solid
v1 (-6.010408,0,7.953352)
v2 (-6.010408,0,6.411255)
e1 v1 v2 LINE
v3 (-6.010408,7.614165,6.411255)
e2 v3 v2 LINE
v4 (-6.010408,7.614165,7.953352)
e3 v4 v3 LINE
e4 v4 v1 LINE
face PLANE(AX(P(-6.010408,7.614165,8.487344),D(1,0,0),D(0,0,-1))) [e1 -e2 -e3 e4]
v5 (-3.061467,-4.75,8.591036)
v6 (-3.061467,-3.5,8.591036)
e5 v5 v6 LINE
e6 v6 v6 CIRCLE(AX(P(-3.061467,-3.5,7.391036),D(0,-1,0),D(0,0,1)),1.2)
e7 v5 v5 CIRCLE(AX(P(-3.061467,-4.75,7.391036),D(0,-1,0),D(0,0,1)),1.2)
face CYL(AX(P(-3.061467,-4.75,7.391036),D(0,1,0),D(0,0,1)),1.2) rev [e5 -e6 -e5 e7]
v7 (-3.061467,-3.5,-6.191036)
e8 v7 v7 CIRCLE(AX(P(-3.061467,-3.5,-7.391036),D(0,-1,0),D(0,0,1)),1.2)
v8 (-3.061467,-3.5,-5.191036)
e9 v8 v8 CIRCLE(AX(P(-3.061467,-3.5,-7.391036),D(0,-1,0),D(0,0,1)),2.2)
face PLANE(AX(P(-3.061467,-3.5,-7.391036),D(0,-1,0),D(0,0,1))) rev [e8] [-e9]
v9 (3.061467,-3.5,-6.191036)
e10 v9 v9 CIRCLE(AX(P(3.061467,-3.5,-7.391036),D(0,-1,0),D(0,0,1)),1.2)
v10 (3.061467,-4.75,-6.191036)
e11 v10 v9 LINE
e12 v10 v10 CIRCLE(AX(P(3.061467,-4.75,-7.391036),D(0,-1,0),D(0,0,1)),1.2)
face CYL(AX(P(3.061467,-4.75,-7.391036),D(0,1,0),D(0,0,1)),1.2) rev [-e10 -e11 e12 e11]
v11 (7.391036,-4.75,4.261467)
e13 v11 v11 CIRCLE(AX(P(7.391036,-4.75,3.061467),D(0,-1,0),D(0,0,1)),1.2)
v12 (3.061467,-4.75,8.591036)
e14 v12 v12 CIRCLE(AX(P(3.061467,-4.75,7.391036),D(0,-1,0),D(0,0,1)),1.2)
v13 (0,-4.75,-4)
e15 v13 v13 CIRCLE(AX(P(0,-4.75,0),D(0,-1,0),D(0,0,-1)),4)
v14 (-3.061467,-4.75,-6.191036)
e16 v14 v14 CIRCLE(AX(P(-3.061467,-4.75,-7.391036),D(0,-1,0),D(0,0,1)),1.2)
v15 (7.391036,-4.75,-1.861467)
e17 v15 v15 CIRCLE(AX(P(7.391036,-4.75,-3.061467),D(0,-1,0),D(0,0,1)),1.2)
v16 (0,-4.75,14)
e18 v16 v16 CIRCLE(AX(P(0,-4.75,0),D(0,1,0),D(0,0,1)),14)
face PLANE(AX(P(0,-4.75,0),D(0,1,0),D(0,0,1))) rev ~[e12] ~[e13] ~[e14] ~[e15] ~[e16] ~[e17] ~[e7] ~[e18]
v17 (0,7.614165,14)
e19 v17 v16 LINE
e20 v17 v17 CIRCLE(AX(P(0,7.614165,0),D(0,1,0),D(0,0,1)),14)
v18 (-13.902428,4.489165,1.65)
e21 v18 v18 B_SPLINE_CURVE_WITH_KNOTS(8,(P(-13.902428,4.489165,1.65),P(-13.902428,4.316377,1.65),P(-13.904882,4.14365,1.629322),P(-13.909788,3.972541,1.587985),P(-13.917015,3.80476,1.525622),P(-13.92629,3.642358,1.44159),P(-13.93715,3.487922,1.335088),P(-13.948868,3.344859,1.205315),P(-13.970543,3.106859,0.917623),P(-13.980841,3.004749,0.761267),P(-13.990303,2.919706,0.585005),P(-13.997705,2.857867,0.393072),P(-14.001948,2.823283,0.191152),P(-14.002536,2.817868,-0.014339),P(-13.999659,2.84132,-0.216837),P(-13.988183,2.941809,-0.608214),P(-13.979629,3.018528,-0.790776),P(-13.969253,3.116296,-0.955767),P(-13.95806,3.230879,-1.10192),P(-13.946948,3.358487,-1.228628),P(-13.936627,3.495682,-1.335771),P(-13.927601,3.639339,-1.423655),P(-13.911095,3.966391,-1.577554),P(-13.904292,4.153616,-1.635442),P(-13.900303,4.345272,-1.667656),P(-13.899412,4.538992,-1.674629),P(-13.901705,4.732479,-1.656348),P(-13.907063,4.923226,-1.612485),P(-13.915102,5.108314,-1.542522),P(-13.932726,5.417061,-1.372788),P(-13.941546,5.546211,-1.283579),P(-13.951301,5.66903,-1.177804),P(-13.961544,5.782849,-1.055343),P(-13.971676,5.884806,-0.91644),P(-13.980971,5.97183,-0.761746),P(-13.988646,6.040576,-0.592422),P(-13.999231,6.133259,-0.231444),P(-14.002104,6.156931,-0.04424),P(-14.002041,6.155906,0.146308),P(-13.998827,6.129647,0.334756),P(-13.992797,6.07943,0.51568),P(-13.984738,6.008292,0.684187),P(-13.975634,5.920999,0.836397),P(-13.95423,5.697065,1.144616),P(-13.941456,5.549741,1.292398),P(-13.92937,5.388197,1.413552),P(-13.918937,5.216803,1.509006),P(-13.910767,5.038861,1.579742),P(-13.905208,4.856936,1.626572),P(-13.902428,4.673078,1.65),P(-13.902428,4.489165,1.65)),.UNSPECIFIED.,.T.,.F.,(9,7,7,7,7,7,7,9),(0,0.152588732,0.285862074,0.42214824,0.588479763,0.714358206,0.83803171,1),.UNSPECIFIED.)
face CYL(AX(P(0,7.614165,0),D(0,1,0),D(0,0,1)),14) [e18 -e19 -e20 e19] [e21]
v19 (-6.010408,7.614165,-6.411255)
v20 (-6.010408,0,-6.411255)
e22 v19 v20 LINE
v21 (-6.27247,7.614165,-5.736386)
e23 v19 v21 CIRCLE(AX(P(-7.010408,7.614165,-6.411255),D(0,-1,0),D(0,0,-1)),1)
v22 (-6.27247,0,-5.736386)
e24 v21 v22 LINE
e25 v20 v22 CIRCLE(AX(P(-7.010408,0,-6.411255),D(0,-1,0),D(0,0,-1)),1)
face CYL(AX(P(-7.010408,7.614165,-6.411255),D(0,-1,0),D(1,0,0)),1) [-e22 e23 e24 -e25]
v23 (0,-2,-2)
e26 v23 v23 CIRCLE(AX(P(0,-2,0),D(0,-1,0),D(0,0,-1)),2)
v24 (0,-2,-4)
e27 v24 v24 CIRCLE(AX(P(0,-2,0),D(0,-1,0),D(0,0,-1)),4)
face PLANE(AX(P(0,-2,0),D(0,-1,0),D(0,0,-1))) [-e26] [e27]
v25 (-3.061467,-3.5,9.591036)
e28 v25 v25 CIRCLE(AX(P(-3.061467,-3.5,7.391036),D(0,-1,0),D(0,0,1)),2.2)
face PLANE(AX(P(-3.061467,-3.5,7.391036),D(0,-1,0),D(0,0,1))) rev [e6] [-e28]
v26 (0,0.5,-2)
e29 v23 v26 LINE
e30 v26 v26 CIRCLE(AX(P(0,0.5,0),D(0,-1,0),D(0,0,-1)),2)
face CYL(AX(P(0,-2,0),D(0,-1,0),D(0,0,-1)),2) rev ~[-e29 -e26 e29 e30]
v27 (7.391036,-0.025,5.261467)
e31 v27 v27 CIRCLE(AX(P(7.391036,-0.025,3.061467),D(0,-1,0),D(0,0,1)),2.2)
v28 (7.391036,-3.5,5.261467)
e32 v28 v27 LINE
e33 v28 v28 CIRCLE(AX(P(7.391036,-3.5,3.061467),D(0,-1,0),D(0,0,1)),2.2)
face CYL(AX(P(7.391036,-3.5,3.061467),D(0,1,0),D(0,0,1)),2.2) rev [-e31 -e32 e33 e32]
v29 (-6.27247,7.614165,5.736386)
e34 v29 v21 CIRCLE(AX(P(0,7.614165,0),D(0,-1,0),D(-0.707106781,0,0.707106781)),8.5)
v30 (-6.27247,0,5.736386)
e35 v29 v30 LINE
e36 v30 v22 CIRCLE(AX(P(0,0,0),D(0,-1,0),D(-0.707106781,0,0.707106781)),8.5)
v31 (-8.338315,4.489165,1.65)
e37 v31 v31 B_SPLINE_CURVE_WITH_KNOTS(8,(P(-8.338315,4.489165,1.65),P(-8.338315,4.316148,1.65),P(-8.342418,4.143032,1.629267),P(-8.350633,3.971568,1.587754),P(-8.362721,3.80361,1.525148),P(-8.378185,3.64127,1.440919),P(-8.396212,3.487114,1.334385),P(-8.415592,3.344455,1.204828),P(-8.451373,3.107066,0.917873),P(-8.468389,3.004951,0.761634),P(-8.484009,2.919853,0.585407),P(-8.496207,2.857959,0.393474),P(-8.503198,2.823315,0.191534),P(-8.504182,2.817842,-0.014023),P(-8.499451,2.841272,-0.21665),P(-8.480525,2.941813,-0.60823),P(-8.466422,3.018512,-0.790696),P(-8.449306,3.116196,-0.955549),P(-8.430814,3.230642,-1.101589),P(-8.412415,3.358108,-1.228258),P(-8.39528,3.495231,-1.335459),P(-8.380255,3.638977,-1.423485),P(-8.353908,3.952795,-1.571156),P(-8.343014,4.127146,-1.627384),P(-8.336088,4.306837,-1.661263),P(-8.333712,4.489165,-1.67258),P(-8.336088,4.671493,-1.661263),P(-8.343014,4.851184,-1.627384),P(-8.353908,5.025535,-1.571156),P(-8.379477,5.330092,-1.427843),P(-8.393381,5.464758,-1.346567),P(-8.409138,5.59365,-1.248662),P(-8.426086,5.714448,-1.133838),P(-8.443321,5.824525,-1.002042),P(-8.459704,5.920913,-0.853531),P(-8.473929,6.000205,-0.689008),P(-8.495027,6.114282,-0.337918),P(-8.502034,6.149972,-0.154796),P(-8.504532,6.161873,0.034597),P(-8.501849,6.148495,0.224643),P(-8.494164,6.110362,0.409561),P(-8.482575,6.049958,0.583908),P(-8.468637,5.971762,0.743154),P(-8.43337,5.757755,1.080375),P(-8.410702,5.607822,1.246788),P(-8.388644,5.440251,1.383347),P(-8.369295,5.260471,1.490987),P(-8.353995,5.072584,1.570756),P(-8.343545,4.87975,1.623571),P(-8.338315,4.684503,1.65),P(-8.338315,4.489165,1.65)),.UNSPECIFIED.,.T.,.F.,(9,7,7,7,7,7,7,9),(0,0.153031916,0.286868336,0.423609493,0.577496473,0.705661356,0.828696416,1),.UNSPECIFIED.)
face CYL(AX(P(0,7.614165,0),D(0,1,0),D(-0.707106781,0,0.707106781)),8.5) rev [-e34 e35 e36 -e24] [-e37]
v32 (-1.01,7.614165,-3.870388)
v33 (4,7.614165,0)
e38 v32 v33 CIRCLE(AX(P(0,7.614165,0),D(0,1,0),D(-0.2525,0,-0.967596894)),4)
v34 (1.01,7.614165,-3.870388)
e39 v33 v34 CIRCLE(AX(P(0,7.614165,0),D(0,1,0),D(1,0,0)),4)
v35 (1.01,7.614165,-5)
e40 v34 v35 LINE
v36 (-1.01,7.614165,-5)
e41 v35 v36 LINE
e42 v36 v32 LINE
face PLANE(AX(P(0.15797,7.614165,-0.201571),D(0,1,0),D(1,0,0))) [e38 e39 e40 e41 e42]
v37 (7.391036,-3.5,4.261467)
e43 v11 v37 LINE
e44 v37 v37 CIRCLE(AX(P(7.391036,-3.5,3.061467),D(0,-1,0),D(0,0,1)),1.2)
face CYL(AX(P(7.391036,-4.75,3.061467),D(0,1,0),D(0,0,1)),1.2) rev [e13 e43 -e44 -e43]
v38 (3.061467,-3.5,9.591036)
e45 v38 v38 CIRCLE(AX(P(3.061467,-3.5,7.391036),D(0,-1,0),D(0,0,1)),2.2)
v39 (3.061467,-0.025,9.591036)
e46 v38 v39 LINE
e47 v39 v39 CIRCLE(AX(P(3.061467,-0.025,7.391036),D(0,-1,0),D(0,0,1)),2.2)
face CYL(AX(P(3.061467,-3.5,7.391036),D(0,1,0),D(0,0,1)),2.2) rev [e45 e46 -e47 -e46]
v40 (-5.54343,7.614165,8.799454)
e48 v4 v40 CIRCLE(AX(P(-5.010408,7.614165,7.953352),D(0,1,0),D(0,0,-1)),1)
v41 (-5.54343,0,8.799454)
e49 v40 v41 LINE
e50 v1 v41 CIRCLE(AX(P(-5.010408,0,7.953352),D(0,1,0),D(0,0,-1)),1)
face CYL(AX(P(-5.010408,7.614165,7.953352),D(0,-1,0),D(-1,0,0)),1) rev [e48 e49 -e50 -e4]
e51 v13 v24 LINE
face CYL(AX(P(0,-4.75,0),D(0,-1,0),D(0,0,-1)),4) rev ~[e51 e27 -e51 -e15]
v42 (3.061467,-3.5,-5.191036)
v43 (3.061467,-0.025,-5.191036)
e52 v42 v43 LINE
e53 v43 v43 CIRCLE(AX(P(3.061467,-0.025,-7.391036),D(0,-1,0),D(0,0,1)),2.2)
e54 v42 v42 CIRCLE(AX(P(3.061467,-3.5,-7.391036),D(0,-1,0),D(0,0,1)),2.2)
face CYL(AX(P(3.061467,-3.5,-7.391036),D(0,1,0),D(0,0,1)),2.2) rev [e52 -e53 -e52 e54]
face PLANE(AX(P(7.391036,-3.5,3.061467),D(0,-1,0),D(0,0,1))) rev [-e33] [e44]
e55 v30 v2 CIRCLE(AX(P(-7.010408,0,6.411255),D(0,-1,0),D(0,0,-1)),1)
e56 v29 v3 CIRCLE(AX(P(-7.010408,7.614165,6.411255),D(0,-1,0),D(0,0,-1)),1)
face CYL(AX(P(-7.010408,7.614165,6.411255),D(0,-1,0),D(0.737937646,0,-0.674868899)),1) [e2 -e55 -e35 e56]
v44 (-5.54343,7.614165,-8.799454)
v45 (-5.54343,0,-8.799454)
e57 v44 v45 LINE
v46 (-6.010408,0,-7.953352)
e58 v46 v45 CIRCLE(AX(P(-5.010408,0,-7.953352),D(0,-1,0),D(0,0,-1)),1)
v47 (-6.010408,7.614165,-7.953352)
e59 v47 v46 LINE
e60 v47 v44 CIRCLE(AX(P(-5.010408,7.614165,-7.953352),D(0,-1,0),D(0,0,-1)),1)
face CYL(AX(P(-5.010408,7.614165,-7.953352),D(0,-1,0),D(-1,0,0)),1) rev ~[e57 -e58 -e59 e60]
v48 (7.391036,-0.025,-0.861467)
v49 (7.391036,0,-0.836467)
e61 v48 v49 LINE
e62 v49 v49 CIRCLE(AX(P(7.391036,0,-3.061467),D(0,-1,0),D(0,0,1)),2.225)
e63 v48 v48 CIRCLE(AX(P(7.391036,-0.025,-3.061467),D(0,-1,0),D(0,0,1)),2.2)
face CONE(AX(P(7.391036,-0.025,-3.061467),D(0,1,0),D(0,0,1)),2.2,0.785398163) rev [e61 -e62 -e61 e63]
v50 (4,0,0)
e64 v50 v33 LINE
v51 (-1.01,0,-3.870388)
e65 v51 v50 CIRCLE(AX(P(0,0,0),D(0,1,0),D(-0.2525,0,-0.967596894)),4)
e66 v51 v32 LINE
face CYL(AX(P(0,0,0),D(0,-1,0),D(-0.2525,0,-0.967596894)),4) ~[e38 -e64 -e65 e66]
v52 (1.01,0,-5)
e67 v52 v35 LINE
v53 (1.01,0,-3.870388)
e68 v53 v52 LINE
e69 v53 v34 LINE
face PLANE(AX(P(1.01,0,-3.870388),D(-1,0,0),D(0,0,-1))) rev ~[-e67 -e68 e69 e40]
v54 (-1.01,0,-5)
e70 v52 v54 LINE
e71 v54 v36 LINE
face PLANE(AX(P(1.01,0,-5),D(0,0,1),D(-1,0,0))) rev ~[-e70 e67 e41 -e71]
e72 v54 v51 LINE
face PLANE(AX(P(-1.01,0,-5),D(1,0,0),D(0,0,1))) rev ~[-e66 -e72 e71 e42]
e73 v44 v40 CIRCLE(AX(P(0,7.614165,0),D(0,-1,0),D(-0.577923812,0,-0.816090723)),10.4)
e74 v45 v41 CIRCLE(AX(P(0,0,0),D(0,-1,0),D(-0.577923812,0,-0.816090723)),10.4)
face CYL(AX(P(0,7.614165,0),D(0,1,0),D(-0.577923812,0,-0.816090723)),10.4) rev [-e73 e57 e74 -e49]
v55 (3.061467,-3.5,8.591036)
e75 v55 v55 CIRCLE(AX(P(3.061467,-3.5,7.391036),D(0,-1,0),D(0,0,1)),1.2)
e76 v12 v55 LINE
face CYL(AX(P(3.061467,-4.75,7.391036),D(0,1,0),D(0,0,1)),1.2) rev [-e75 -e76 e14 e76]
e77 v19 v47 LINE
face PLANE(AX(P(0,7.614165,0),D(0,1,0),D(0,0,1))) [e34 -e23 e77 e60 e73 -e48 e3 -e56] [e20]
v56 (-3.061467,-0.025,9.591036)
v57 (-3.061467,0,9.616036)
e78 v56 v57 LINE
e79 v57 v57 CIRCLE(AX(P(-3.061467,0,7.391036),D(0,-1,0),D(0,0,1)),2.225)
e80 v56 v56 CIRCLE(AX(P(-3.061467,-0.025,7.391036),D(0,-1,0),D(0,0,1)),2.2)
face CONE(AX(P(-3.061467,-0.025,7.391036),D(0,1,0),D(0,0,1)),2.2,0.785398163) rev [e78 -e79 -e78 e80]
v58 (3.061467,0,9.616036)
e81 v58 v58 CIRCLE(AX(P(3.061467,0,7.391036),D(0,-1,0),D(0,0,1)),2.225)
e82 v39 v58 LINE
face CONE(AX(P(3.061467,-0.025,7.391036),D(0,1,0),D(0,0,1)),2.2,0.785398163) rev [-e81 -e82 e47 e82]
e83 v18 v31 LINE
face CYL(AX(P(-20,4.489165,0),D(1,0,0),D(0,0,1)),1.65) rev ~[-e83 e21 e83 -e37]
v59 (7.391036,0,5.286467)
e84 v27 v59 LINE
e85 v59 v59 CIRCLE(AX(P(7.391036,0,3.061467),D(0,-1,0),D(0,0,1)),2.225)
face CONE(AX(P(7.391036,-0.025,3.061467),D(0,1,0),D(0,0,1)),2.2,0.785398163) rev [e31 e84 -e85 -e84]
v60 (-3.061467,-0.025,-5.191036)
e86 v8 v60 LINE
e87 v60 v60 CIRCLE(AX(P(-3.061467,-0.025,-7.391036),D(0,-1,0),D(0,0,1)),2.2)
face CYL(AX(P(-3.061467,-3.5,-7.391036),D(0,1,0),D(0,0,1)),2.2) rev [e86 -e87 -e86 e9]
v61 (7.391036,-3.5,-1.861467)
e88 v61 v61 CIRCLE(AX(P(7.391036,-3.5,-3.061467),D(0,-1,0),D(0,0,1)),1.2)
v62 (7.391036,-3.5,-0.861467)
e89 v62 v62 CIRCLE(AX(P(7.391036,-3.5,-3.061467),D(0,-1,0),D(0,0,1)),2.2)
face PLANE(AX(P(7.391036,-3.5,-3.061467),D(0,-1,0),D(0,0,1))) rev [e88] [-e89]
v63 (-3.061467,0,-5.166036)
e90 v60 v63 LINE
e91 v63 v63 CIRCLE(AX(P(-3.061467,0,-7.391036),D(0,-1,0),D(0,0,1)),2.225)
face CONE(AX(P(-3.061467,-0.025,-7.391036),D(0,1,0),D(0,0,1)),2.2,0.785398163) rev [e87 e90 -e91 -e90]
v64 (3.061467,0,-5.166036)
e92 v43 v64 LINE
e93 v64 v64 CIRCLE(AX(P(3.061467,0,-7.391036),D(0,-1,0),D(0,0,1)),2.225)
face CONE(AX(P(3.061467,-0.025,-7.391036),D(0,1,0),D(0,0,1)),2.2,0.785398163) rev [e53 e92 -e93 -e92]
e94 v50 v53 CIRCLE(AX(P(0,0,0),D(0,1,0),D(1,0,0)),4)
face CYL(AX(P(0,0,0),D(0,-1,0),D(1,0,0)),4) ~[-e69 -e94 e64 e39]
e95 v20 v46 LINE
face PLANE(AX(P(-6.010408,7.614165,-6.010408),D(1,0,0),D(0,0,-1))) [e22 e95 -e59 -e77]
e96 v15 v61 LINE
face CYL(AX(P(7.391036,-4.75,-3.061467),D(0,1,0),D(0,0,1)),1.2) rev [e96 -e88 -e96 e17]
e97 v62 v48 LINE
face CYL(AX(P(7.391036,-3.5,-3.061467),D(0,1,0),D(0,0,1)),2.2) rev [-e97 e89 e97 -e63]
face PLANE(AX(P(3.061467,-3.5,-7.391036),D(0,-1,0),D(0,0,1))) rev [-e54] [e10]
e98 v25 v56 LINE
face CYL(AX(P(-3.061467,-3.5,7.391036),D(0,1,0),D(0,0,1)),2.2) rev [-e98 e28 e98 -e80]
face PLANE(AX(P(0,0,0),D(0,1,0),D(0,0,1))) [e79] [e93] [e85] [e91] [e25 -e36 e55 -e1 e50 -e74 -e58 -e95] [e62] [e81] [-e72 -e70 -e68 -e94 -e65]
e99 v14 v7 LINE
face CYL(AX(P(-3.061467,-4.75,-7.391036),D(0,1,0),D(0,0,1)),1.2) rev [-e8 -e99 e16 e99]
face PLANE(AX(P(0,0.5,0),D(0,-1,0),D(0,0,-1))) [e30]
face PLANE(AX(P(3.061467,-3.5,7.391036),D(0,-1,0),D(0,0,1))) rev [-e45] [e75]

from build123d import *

# Parameters (mm, degrees)
SKETCH1_R                             = 14
BOSS_EXTRUDE1_DEPTH                   = 4.75
BOSS_EXTRUDE4_DEPTH                   = 7.61416499
BOSS_EXTRUDE5_START                   = 7.61416499
SKETCH5_R                             = 14
BOSS_EXTRUDE5_DEPTH                   = 7.61416499
TAP_DRILL_FOR_M4X0_7_TAP2_D           = 3.3
TAP_DRILL_FOR_M4X0_7_TAP2_DEPTH       = 13.749
TAP_DRILL_FOR_M4X0_7_TAP2_CSINK_D     = 3.35
TAP_DRILL_FOR_M4X0_7_TAP2_CSINK_ANGLE = 90
TAP_DRILL_FOR_M4X0_7_TAP2_TIP         = 0.991420021
FILLET2_R                             = 1
CBORE_FOR_M2_SHCS3_AT_2_COUNT         = 2
CBORE_FOR_M2_SHCS3_AT_2_PITCH         = 6.122934918
CBORE_FOR_M2_SHCS3_AT_3_COUNT         = 2
CBORE_FOR_M2_SHCS3_AT_3_PITCH         = 11.313708499
CBORE_FOR_M2_SHCS3_AT_4_COUNT         = 2
CBORE_FOR_M2_SHCS3_AT_4_PITCH         = 14.78207252
CBORE_FOR_M2_SHCS3_AT_5_COUNT         = 2
CBORE_FOR_M2_SHCS3_AT_5_PITCH         = 16
CBORE_FOR_M2_SHCS3_AT_6_COUNT         = 2
CBORE_FOR_M2_SHCS3_AT_6_PITCH         = 14.78207252
SKETCH20_R                            = 4
CUT_EXTRUDE2_DEPTH                    = 2.75
SKETCH21_R                            = 2
CUT_EXTRUDE3_DEPTH                    = 2.5


with BuildPart() as part:
    # Sketch1 → Boss-Extrude1 (new body)
    with BuildSketch(Plane(origin=(0, 0, 0), x_dir=(1, 0, 0), z_dir=(0, 1, 0))):
        with Locations(Location((0, 0, 0), (0, 0, 270))):
            Circle(SKETCH1_R)
    extrude(amount=-BOSS_EXTRUDE1_DEPTH)

    # Sketch4 → Boss-Extrude4 (add)
    with BuildSketch(Plane(origin=(0, 0, 0), x_dir=(1, 0, 0), z_dir=(0, 1, 0))):
        with BuildLine():
            ThreePointArc((4, 0), (3.165438358, 2.445403852), (1.01, 3.870387577))
            Line((1.01, 3.870387577), (-1.01, 3.870387577))
            ThreePointArc((-1.01, 3.870387577), (-2.445403852, -3.165438358), (4, 0))
        make_face()
        with BuildLine():
            Line((-1.01, 3.870387577), (1.01, 3.870387577))
            ThreePointArc((1.01, 3.870387577), (0, 4), (-1.01, 3.870387577))
        make_face()
        with BuildLine():
            Line((1.01, 3.870387577), (1.01, 4.999999997))
            Line((1.01, 4.999999997), (-1.01, 4.999999997))
            Line((-1.01, 4.999999997), (-1.01, 3.870387577))
            ThreePointArc((-1.01, 3.870387577), (0, 4), (1.01, 3.870387577))
        make_face()
    extrude(amount=BOSS_EXTRUDE4_DEPTH)

    # Sketch5 → Boss-Extrude5 (add)
    with BuildSketch(Plane(origin=(0, 0, 0), x_dir=(1, 0, 0), z_dir=(0, 1, 0)).offset(BOSS_EXTRUDE5_START)):
        with Locations(Location((0, 0, 0), (0, 0, 270))):
            Circle(SKETCH5_R)
        with BuildLine():
            ThreePointArc((-6.01040764, 8.487343518), (10.4, 0), (-6.01040764, -8.487343518))
            Line((-6.01040764, -8.487343518), (-6.01040764, -6.01040764))
            ThreePointArc((-6.01040764, -6.01040764), (-8.5, 0), (-6.01040764, 6.01040764))
            Line((-6.01040764, 6.01040764), (-6.01040764, 8.487343518))
        make_face(mode=Mode.SUBTRACT)
    extrude(amount=-BOSS_EXTRUDE5_DEPTH)

    # Tap Drill for M4x0.7 Tap2
    with Locations(Plane(origin=(-20, 0, 0), x_dir=(0, 0, -1), z_dir=(-1, 0, 0))):
        with Locations((0, -4.48916499)):
            CounterSinkHole(TAP_DRILL_FOR_M4X0_7_TAP2_D / 2, TAP_DRILL_FOR_M4X0_7_TAP2_CSINK_D / 2, depth=TAP_DRILL_FOR_M4X0_7_TAP2_DEPTH, counter_sink_angle=TAP_DRILL_FOR_M4X0_7_TAP2_CSINK_ANGLE)
            with Locations((0, 0, -(TAP_DRILL_FOR_M4X0_7_TAP2_DEPTH + TAP_DRILL_FOR_M4X0_7_TAP2_TIP / 2))):  # 118° drill point
                Cone(0, TAP_DRILL_FOR_M4X0_7_TAP2_D / 2, TAP_DRILL_FOR_M4X0_7_TAP2_TIP, mode=Mode.SUBTRACT)

    # Fillet2
    fillet2_edges = [part.edges().sort_by_distance(p)[0] for p in [
        (-6.01040764, 3.807082495, -8.487343518),
        (-6.01040764, 3.807082495, 8.487343518),
        (-6.01040764, 3.807082495, 6.01040764),
        (-6.01040764, 3.807082495, -6.01040764),
    ]]
    fillet(fillet2_edges, radius=FILLET2_R)

    # Sketch19 → CBORE for M2 SHCS3 (revolve, cut)
    with BuildSketch(Plane(origin=(-3.061467459, 0, -7.39103626), x_dir=(0, 0, 1), z_dir=(1, 0, 0))):
        Polygon((0, 0), (0, 5.471032743), (1.2, 4.75), (1.2, 3.5), (2.2, 3.5), (2.2, 0.025), (2.225, 0), align=None)
    cbore_for_m2_shcs3 = revolve(axis=Axis((-3.061467459, 6.35, -7.39103626), (0, -1, 0)), mode=Mode.SUBTRACT)

    # CBORE for M2 SHCS3 at 2: CBORE for M2 SHCS3 ×2
    with Locations(*[(i * CBORE_FOR_M2_SHCS3_AT_2_PITCH, 0, 0) for i in range(1, CBORE_FOR_M2_SHCS3_AT_2_COUNT)]):
        add(cbore_for_m2_shcs3, mode=Mode.SUBTRACT)

    # CBORE for M2 SHCS3 at 3: CBORE for M2 SHCS3 ×2
    with Locations(*[Vector(0.9238795325112845, 0, 0.38268343236509533) * (i * CBORE_FOR_M2_SHCS3_AT_3_PITCH) for i in range(1, CBORE_FOR_M2_SHCS3_AT_3_COUNT)]):
        add(cbore_for_m2_shcs3, mode=Mode.SUBTRACT)

    # CBORE for M2 SHCS3 at 4: CBORE for M2 SHCS3 ×2
    with Locations(*[Vector(0.7071067811865439, 0, 0.7071067811865512) * (i * CBORE_FOR_M2_SHCS3_AT_4_PITCH) for i in range(1, CBORE_FOR_M2_SHCS3_AT_4_COUNT)]):
        add(cbore_for_m2_shcs3, mode=Mode.SUBTRACT)

    # CBORE for M2 SHCS3 at 5: CBORE for M2 SHCS3 ×2
    with Locations(*[Vector(0.3826834323650841, 0, 0.9238795325112892) * (i * CBORE_FOR_M2_SHCS3_AT_5_PITCH) for i in range(1, CBORE_FOR_M2_SHCS3_AT_5_COUNT)]):
        add(cbore_for_m2_shcs3, mode=Mode.SUBTRACT)

    # CBORE for M2 SHCS3 at 6: CBORE for M2 SHCS3 ×2
    with Locations(*[(0, 0, i * CBORE_FOR_M2_SHCS3_AT_6_PITCH) for i in range(1, CBORE_FOR_M2_SHCS3_AT_6_COUNT)]):
        add(cbore_for_m2_shcs3, mode=Mode.SUBTRACT)

    # Sketch20 → Cut-Extrude2 (cut)
    with BuildSketch(Plane.XZ.offset(4.75)):
        with Locations(Location((0, 0, 0), (0, 0, 270))):
            Circle(SKETCH20_R)
    extrude(amount=-CUT_EXTRUDE2_DEPTH, mode=Mode.SUBTRACT)

    # Sketch21 → Cut-Extrude3 (cut)
    with BuildSketch(Plane(origin=(0, -2, 0), x_dir=(-1, 0, 0), z_dir=(0, -1, 0))):
        with Locations(Location((0, 0, 0), (0, 0, 90))):
            Circle(SKETCH21_R)
    extrude(amount=-CUT_EXTRUDE3_DEPTH, mode=Mode.SUBTRACT)


solid = part.part
